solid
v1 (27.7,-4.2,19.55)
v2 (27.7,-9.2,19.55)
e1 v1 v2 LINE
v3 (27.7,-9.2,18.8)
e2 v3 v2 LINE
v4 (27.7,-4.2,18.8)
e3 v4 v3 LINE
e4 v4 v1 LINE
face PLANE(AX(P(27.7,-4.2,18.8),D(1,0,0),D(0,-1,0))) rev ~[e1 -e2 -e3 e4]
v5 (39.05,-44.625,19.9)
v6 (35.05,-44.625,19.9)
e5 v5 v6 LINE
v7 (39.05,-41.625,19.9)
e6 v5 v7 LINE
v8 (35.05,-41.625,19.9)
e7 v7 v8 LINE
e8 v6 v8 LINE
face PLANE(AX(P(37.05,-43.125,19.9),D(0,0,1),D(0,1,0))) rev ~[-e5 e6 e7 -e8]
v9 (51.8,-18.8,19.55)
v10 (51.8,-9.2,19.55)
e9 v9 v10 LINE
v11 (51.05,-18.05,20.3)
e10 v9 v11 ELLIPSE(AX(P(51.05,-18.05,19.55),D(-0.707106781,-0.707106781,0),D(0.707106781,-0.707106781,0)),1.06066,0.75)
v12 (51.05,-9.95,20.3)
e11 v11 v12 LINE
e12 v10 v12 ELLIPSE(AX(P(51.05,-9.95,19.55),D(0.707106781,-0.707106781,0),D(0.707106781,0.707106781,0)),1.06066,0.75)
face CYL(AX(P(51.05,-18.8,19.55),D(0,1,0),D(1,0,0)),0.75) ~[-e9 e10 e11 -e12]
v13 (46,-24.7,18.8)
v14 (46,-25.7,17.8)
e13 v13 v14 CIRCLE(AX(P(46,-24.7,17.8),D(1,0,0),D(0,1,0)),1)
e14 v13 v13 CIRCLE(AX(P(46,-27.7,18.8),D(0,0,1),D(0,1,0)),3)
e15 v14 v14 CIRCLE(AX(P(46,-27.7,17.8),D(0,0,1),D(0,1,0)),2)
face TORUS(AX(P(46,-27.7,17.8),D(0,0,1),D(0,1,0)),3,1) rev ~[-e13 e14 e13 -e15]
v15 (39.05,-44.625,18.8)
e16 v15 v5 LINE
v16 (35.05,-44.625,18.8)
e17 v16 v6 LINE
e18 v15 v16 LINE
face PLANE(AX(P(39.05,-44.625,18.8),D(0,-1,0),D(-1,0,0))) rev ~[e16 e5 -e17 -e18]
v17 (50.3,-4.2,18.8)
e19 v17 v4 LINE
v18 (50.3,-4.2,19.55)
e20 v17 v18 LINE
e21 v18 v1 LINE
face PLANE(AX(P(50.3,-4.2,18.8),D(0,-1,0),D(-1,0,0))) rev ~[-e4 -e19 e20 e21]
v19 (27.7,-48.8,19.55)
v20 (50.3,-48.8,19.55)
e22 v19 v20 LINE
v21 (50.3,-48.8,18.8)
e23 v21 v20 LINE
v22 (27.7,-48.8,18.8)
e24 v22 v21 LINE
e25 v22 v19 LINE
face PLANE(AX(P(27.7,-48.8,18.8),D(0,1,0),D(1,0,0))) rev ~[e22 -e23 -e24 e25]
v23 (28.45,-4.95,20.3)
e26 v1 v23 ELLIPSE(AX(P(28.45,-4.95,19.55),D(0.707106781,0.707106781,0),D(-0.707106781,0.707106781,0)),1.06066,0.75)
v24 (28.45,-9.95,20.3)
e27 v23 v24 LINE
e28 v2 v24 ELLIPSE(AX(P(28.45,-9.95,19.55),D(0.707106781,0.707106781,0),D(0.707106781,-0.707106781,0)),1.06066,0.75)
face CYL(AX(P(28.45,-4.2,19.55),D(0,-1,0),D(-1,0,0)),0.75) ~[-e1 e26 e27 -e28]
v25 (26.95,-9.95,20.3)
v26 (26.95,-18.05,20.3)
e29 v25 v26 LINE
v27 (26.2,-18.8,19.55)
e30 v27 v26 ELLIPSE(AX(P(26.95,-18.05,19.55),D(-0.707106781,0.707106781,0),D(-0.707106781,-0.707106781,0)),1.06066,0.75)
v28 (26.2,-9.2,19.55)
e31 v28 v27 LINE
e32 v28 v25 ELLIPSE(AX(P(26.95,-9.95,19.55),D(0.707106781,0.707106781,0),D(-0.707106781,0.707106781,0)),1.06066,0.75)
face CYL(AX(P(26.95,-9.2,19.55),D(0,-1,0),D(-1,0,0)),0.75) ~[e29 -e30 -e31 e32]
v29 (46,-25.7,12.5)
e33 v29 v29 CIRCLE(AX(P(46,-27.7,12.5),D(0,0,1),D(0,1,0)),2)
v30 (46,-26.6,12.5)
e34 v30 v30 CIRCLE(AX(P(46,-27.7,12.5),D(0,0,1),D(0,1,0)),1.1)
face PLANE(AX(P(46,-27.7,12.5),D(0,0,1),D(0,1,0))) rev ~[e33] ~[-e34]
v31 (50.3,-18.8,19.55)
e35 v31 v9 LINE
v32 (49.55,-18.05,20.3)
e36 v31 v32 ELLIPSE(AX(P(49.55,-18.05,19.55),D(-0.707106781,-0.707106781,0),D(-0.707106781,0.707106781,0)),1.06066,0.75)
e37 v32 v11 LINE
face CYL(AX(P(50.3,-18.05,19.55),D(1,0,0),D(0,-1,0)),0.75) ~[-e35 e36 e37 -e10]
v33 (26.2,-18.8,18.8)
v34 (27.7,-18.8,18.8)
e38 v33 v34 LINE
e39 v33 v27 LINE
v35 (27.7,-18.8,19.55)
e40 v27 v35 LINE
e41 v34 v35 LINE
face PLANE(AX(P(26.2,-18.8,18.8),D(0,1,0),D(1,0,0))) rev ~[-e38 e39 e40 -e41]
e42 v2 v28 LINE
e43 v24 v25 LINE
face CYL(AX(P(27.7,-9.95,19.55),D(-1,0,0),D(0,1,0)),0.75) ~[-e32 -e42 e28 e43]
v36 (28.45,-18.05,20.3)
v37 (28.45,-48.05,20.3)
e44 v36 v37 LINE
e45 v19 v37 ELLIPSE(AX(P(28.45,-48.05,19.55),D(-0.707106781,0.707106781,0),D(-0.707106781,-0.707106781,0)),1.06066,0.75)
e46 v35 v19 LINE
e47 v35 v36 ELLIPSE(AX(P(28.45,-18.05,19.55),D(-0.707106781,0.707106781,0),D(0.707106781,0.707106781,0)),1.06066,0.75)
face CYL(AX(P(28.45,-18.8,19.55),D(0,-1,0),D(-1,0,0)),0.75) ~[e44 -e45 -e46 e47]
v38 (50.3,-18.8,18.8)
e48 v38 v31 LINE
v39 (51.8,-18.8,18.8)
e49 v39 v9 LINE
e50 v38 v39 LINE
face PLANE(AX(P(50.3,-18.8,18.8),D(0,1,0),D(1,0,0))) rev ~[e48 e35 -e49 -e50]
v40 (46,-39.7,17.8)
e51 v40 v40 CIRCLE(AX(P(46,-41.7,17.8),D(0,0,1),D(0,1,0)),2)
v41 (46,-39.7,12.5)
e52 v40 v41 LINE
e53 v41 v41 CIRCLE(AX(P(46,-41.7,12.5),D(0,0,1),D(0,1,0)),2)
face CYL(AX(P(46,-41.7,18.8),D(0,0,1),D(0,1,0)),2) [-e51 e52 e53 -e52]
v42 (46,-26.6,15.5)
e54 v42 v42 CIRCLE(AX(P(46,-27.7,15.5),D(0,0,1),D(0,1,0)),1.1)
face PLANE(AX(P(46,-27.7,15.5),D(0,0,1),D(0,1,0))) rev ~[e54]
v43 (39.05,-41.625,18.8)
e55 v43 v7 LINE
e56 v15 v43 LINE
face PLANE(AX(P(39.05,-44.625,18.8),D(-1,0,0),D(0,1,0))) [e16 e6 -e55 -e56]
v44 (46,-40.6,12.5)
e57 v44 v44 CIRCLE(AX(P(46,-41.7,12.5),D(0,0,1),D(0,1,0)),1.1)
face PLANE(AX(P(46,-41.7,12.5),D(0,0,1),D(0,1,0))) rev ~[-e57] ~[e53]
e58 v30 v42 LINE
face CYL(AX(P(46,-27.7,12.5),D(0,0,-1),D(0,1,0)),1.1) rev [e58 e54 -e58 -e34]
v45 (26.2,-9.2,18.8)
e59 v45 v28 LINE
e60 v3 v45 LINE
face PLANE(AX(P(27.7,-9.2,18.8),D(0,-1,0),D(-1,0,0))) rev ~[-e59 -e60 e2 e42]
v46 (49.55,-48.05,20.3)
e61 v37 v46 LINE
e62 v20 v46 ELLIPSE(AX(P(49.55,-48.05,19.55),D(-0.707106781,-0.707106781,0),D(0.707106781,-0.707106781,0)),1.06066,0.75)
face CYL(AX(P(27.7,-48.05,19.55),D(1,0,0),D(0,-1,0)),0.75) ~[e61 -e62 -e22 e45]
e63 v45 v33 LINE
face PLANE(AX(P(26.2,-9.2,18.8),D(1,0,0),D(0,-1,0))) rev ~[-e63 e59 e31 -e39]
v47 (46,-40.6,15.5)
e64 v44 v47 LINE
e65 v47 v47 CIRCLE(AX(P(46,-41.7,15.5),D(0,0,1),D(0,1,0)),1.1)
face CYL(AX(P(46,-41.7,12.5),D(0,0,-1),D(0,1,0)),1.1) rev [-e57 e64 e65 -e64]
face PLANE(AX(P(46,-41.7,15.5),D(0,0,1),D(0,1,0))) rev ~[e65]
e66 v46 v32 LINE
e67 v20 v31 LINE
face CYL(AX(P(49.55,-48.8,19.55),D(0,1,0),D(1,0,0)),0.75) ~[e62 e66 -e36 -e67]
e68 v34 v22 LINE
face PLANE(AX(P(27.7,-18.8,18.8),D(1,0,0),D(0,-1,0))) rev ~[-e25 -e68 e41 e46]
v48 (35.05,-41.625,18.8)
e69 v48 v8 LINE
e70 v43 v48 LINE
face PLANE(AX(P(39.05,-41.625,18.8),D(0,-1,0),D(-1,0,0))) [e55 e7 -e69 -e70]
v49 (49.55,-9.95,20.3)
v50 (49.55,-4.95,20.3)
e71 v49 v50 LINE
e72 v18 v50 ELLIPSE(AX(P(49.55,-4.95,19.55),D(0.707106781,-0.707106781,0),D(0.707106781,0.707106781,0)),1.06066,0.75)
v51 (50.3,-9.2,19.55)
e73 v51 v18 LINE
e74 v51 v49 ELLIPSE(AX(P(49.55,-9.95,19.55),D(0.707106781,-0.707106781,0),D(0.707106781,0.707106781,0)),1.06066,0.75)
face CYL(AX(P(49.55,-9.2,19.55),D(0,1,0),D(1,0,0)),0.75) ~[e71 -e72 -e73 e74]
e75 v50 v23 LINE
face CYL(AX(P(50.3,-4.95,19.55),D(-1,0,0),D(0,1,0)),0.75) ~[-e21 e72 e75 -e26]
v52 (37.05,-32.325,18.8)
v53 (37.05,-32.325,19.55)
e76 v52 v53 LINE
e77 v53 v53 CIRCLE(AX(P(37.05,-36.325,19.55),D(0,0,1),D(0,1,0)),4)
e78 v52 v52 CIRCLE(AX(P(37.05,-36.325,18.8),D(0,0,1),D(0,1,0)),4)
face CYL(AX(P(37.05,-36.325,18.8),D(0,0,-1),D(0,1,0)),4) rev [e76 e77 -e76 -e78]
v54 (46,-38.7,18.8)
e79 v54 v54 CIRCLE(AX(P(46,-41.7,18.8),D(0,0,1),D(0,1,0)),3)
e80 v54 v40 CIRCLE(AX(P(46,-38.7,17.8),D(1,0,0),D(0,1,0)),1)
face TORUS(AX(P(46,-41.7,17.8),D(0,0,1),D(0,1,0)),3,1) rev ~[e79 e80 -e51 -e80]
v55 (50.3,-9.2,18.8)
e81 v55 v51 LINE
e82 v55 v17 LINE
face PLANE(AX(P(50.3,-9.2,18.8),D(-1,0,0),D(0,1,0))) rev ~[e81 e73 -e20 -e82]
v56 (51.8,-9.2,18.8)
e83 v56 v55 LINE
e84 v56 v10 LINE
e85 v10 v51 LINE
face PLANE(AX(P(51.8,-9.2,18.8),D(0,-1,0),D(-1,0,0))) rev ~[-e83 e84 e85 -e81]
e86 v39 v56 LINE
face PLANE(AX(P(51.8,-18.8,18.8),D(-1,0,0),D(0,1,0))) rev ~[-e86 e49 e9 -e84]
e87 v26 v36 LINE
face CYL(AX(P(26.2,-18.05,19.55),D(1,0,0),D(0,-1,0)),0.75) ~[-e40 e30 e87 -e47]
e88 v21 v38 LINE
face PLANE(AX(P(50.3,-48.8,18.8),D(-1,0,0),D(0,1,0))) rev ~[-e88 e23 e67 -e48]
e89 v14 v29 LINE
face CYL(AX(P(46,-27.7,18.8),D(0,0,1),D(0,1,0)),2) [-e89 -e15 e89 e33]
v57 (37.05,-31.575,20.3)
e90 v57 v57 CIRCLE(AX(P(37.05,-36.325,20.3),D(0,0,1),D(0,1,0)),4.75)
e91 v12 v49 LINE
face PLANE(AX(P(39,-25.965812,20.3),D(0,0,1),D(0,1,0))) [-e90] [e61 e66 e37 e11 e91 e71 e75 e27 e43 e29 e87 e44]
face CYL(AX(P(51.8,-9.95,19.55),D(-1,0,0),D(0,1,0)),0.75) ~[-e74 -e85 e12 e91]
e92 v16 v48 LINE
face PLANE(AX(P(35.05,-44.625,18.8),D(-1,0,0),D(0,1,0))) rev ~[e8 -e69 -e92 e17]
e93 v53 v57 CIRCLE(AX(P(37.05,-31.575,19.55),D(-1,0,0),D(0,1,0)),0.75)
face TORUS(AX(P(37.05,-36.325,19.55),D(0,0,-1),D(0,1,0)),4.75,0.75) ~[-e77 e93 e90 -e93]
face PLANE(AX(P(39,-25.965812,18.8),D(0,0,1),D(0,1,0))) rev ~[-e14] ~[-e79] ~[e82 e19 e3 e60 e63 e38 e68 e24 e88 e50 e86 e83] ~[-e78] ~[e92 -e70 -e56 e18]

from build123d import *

# Parameters (mm, degrees)
SKETCH011_R             = 4
PAD004_DEPTH            = 1.5
SKETCH012_R             = 2
PAD005_DEPTH            = 6.3
SKETCH013_W             = 3
SKETCH013_H             = 4
POCKET004_DEPTH         = 1.1
FILLET004_R             = 1
SKETCH014_R             = 1.1
POCKET010_DEPTH         = 3
FILLET016_R             = 0.75
BODY002_PLACEMENT_ANGLE = 90


with BuildPart() as part:
    # Sketch011 → Pad004 (new body)
    with BuildSketch(Plane.XY):
        Polygon((29.8, 11.3), (24.8, 11.3), (24.8, 12.8), (15.2, 12.8), (15.2, 11.3), (-14.8, 11.3), (-14.8, -11.3), (15.2, -11.3), (15.2, -12.8), (24.8, -12.8), (24.8, -11.3), (29.8, -11.3), align=None)
        with Locations((-2.325, 1.95)):
            Circle(SKETCH011_R, mode=Mode.SUBTRACT)
    extrude(amount=PAD004_DEPTH)

    # Sketch012 → Pad005 (join)
    with BuildSketch(Plane.XY):
        with Locations((6.3, -7)):
            Circle(SKETCH012_R)
        with Locations((-7.7, -7)):
            Circle(SKETCH012_R)
    extrude(amount=-PAD005_DEPTH)

    # Sketch013 → Pocket004 (cut)
    with BuildSketch(Plane.XY):
        with Locations((-9.125, 1.95)):
            Rectangle(SKETCH013_W, SKETCH013_H)
    extrude(amount=POCKET004_DEPTH, mode=Mode.SUBTRACT)

    # Fillet004
    fillet004_edges = [part.edges().sort_by_distance(p)[0] for p in [
        (4.3, -7, 0),
        (-9.7, -7, 0),
    ]]
    fillet(fillet004_edges, radius=FILLET004_R)

    # Sketch014 → Pocket010 (cut)
    with BuildSketch(Plane.XY.offset(-6.3)):
        with Locations((-7.7, -7)):
            Circle(SKETCH014_R)
        with Locations((6.3, -7)):
            Circle(SKETCH014_R)
    extrude(amount=POCKET010_DEPTH, mode=Mode.SUBTRACT)

    # Fillet016
    fillet016_edges = [part.edges().sort_by_distance(p)[0] for p in [
        (27.3, -11.3, 1.5),
        (29.8, 0, 1.5),
        (27.3, 11.3, 1.5),
        (24.8, 12.05, 1.5),
        (20, 12.8, 1.5),
        (15.2, 12.05, 1.5),
        (0.2, 11.3, 1.5),
        (-14.8, 0, 1.5),
        (0.2, -11.3, 1.5),
        (15.2, -12.05, 1.5),
        (20, -12.8, 1.5),
        (24.8, -12.05, 1.5),
        (-6.325, 1.95, 1.5),
    ]]
    fillet(fillet016_edges, radius=FILLET016_R)


with BuildPart() as part_1:
    # Body002 placement: moved
    add(part.part.moved(Location((39, -34, 18.8))).rotate(Axis((39, -34, 18.8), (0, 0, 1)), BODY002_PLACEMENT_ANGLE))


solid = part_1.part
